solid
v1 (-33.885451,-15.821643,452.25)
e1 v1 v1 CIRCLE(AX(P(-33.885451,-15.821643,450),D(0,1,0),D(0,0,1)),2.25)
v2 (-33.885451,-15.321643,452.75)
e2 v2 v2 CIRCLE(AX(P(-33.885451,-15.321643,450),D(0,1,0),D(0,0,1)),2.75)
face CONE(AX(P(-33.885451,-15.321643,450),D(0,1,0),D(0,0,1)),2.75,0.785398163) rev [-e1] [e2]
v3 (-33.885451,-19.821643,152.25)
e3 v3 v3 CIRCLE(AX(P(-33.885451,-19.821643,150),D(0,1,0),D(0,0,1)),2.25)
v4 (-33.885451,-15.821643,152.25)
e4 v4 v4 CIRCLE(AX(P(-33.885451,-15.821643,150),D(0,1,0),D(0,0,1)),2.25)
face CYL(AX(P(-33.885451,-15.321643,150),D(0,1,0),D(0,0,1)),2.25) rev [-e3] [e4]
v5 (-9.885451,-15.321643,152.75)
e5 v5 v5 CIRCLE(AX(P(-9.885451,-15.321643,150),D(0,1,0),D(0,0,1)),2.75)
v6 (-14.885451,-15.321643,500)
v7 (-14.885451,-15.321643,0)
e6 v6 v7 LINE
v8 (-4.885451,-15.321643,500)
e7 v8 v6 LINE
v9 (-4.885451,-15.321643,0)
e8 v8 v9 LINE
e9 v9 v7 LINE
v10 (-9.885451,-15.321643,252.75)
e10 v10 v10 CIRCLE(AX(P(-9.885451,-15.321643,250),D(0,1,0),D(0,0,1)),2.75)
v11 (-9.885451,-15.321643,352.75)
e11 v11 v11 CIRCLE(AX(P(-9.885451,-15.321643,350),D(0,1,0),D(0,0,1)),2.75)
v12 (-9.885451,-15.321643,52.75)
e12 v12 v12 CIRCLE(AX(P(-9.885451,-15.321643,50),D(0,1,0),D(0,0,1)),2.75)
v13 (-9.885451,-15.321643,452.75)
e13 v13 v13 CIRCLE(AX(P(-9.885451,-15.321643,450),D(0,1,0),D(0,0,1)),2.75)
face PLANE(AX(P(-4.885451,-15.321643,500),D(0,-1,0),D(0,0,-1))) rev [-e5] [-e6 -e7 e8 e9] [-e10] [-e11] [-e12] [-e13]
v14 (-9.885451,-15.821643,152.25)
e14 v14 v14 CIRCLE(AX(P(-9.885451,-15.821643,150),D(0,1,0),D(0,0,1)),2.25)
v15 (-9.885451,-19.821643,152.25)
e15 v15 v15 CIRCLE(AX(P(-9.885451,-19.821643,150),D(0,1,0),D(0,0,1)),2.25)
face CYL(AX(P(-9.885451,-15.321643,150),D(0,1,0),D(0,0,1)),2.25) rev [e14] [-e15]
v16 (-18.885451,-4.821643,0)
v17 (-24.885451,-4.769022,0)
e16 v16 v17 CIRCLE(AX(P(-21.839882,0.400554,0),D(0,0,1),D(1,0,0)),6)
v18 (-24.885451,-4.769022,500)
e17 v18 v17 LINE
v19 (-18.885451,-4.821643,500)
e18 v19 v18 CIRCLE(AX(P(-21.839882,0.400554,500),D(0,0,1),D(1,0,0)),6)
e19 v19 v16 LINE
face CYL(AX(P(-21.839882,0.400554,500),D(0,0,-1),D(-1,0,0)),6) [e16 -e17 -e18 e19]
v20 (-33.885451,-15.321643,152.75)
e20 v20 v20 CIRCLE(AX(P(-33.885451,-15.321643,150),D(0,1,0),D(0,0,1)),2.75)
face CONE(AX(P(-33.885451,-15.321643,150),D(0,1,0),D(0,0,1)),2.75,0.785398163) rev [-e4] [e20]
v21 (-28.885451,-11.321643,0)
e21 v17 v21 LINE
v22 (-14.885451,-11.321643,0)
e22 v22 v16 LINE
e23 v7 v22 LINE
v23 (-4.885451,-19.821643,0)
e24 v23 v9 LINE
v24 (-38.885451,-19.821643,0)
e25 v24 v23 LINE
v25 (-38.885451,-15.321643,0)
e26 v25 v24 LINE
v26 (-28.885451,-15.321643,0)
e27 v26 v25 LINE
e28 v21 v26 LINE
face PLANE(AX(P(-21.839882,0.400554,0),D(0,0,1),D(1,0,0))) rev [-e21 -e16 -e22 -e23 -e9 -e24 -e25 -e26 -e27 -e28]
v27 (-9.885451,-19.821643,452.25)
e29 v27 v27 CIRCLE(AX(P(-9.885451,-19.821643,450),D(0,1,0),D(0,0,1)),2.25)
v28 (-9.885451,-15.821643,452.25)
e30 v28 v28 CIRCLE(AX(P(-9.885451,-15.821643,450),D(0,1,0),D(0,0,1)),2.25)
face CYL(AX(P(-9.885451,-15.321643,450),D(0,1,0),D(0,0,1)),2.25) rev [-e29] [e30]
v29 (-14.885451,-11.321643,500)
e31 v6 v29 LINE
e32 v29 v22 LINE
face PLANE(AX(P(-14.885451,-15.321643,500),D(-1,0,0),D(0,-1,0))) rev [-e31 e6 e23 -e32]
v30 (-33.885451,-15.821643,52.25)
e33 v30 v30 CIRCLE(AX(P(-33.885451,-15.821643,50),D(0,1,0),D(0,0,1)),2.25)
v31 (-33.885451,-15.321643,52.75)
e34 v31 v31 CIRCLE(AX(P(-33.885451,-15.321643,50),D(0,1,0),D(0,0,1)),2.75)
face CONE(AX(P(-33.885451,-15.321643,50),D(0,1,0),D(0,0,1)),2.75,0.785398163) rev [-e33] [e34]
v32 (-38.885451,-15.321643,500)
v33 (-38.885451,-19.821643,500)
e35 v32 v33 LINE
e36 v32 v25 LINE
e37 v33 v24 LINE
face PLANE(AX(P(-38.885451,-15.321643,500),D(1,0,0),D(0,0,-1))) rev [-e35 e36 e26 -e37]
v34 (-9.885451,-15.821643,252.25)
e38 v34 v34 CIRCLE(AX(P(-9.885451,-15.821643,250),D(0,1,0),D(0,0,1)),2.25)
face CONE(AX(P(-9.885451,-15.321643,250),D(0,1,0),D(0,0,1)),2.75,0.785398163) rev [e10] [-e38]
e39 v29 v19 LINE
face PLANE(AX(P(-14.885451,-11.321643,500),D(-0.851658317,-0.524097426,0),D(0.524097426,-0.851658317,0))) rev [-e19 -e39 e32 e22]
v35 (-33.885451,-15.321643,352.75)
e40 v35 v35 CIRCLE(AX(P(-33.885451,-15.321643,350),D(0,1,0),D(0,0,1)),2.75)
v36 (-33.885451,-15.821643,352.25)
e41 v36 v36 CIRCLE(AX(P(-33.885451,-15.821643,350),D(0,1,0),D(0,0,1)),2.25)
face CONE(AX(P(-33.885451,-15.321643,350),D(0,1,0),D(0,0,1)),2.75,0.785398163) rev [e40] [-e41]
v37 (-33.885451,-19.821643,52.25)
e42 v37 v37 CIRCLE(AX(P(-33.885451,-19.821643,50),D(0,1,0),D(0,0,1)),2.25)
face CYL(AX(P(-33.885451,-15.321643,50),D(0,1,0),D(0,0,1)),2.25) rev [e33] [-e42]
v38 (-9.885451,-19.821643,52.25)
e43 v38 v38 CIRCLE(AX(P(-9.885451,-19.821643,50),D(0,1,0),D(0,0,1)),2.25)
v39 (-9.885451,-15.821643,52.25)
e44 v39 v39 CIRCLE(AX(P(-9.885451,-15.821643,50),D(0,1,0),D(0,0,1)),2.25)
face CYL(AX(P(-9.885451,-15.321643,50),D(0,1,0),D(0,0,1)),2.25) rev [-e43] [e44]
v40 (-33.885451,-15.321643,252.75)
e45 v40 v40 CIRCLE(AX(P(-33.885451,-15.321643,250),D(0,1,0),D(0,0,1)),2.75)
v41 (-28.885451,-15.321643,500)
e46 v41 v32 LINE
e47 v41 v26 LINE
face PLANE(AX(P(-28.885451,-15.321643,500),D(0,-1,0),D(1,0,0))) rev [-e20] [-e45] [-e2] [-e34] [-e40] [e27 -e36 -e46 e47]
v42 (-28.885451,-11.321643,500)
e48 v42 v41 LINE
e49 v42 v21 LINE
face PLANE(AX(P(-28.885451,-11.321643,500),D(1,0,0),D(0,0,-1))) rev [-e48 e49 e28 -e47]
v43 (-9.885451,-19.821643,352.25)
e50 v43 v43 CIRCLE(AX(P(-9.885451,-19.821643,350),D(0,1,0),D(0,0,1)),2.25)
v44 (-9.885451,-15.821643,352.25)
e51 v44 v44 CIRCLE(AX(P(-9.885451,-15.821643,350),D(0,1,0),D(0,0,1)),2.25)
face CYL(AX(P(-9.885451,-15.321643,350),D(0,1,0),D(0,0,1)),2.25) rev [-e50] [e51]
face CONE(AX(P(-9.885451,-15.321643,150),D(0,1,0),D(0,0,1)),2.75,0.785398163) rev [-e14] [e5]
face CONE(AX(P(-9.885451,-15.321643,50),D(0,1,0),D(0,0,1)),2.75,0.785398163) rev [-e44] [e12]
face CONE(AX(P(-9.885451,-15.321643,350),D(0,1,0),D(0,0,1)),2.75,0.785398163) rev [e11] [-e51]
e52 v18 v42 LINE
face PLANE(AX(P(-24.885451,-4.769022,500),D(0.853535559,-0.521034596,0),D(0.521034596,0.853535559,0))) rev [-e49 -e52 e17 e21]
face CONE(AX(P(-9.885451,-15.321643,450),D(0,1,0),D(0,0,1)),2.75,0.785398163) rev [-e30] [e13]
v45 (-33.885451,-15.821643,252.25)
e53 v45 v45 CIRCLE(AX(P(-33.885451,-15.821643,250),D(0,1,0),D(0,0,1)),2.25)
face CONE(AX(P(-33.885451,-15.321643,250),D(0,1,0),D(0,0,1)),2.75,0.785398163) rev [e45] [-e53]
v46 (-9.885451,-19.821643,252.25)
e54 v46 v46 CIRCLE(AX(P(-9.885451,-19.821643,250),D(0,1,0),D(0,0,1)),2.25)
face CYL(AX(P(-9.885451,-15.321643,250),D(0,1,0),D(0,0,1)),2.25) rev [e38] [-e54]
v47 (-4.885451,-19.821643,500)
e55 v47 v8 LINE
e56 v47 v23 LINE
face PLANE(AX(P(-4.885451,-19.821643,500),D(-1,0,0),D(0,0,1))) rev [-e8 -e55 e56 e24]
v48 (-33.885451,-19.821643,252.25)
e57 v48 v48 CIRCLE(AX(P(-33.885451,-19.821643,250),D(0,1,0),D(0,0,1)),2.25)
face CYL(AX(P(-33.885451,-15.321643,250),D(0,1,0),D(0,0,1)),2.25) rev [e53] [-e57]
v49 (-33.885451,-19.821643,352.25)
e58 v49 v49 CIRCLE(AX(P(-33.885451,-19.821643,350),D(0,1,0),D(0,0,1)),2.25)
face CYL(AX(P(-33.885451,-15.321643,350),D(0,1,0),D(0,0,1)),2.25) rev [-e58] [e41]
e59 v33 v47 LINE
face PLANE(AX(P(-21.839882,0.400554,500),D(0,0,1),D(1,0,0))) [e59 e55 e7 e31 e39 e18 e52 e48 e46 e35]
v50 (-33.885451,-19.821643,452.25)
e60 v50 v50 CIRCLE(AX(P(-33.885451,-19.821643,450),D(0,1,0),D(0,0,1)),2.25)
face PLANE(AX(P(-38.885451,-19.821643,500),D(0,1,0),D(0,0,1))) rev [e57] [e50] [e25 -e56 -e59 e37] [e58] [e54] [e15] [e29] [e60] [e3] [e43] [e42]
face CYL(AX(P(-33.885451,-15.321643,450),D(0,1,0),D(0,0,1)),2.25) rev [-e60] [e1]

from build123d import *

# Parameters (mm, degrees)
EXTRUSION1_DEPTH                               = 500
FRAISAGE_POUR_VIS_T_TE_FRAIS_E_M41_D           = 4.5
FRAISAGE_POUR_VIS_T_TE_FRAIS_E_M41_CSINK_D     = 5.5
FRAISAGE_POUR_VIS_T_TE_FRAIS_E_M41_CSINK_ANGLE = 90


with BuildPart() as part:
    # Esquisse1 → Extrusion1 (new body)
    with BuildSketch(Plane.XY):
        with BuildLine():
            Line((-38.885451278, -19.821642953), (-4.885451278, -19.821642953))
            Line((-4.885451278, -19.821642953), (-4.885451278, -15.321642953))
            Line((-4.885451278, -15.321642953), (-14.885451278, -15.321642953))
            Line((-14.885451278, -15.321642953), (-14.885451278, -11.321642953))
            Line((-14.885451278, -11.321642953), (-18.885451278, -4.821642953))
            ThreePointArc((-18.885451278, -4.821642953), (-21.78726352, 6.400322803), (-24.885451278, -4.769021956))
            Line((-24.885451278, -4.769021956), (-28.885451278, -11.321642953))
            Line((-28.885451278, -11.321642953), (-28.885451278, -15.321642953))
            Line((-28.885451278, -15.321642953), (-38.885451278, -15.321642953))
            Line((-38.885451278, -15.321642953), (-38.885451278, -19.821642953))
        make_face()
    extrude(amount=EXTRUSION1_DEPTH)

    # Fraisage pour vis à tête fraisée M41 (through all)
    with Locations(Plane(origin=(-33.885451278, -15.321642953, 50), x_dir=(1, 0, 0), z_dir=(0, 1, 0))):
        with Locations((0, 0), (0, -100), (0, -200), (24, -200), (24, -100), (24, 0), (24, -300), (24, -400), (0, -300), (0, -400)):
            CounterSinkHole(FRAISAGE_POUR_VIS_T_TE_FRAIS_E_M41_D / 2, FRAISAGE_POUR_VIS_T_TE_FRAIS_E_M41_CSINK_D / 2, counter_sink_angle=FRAISAGE_POUR_VIS_T_TE_FRAIS_E_M41_CSINK_ANGLE)


solid = part.part
